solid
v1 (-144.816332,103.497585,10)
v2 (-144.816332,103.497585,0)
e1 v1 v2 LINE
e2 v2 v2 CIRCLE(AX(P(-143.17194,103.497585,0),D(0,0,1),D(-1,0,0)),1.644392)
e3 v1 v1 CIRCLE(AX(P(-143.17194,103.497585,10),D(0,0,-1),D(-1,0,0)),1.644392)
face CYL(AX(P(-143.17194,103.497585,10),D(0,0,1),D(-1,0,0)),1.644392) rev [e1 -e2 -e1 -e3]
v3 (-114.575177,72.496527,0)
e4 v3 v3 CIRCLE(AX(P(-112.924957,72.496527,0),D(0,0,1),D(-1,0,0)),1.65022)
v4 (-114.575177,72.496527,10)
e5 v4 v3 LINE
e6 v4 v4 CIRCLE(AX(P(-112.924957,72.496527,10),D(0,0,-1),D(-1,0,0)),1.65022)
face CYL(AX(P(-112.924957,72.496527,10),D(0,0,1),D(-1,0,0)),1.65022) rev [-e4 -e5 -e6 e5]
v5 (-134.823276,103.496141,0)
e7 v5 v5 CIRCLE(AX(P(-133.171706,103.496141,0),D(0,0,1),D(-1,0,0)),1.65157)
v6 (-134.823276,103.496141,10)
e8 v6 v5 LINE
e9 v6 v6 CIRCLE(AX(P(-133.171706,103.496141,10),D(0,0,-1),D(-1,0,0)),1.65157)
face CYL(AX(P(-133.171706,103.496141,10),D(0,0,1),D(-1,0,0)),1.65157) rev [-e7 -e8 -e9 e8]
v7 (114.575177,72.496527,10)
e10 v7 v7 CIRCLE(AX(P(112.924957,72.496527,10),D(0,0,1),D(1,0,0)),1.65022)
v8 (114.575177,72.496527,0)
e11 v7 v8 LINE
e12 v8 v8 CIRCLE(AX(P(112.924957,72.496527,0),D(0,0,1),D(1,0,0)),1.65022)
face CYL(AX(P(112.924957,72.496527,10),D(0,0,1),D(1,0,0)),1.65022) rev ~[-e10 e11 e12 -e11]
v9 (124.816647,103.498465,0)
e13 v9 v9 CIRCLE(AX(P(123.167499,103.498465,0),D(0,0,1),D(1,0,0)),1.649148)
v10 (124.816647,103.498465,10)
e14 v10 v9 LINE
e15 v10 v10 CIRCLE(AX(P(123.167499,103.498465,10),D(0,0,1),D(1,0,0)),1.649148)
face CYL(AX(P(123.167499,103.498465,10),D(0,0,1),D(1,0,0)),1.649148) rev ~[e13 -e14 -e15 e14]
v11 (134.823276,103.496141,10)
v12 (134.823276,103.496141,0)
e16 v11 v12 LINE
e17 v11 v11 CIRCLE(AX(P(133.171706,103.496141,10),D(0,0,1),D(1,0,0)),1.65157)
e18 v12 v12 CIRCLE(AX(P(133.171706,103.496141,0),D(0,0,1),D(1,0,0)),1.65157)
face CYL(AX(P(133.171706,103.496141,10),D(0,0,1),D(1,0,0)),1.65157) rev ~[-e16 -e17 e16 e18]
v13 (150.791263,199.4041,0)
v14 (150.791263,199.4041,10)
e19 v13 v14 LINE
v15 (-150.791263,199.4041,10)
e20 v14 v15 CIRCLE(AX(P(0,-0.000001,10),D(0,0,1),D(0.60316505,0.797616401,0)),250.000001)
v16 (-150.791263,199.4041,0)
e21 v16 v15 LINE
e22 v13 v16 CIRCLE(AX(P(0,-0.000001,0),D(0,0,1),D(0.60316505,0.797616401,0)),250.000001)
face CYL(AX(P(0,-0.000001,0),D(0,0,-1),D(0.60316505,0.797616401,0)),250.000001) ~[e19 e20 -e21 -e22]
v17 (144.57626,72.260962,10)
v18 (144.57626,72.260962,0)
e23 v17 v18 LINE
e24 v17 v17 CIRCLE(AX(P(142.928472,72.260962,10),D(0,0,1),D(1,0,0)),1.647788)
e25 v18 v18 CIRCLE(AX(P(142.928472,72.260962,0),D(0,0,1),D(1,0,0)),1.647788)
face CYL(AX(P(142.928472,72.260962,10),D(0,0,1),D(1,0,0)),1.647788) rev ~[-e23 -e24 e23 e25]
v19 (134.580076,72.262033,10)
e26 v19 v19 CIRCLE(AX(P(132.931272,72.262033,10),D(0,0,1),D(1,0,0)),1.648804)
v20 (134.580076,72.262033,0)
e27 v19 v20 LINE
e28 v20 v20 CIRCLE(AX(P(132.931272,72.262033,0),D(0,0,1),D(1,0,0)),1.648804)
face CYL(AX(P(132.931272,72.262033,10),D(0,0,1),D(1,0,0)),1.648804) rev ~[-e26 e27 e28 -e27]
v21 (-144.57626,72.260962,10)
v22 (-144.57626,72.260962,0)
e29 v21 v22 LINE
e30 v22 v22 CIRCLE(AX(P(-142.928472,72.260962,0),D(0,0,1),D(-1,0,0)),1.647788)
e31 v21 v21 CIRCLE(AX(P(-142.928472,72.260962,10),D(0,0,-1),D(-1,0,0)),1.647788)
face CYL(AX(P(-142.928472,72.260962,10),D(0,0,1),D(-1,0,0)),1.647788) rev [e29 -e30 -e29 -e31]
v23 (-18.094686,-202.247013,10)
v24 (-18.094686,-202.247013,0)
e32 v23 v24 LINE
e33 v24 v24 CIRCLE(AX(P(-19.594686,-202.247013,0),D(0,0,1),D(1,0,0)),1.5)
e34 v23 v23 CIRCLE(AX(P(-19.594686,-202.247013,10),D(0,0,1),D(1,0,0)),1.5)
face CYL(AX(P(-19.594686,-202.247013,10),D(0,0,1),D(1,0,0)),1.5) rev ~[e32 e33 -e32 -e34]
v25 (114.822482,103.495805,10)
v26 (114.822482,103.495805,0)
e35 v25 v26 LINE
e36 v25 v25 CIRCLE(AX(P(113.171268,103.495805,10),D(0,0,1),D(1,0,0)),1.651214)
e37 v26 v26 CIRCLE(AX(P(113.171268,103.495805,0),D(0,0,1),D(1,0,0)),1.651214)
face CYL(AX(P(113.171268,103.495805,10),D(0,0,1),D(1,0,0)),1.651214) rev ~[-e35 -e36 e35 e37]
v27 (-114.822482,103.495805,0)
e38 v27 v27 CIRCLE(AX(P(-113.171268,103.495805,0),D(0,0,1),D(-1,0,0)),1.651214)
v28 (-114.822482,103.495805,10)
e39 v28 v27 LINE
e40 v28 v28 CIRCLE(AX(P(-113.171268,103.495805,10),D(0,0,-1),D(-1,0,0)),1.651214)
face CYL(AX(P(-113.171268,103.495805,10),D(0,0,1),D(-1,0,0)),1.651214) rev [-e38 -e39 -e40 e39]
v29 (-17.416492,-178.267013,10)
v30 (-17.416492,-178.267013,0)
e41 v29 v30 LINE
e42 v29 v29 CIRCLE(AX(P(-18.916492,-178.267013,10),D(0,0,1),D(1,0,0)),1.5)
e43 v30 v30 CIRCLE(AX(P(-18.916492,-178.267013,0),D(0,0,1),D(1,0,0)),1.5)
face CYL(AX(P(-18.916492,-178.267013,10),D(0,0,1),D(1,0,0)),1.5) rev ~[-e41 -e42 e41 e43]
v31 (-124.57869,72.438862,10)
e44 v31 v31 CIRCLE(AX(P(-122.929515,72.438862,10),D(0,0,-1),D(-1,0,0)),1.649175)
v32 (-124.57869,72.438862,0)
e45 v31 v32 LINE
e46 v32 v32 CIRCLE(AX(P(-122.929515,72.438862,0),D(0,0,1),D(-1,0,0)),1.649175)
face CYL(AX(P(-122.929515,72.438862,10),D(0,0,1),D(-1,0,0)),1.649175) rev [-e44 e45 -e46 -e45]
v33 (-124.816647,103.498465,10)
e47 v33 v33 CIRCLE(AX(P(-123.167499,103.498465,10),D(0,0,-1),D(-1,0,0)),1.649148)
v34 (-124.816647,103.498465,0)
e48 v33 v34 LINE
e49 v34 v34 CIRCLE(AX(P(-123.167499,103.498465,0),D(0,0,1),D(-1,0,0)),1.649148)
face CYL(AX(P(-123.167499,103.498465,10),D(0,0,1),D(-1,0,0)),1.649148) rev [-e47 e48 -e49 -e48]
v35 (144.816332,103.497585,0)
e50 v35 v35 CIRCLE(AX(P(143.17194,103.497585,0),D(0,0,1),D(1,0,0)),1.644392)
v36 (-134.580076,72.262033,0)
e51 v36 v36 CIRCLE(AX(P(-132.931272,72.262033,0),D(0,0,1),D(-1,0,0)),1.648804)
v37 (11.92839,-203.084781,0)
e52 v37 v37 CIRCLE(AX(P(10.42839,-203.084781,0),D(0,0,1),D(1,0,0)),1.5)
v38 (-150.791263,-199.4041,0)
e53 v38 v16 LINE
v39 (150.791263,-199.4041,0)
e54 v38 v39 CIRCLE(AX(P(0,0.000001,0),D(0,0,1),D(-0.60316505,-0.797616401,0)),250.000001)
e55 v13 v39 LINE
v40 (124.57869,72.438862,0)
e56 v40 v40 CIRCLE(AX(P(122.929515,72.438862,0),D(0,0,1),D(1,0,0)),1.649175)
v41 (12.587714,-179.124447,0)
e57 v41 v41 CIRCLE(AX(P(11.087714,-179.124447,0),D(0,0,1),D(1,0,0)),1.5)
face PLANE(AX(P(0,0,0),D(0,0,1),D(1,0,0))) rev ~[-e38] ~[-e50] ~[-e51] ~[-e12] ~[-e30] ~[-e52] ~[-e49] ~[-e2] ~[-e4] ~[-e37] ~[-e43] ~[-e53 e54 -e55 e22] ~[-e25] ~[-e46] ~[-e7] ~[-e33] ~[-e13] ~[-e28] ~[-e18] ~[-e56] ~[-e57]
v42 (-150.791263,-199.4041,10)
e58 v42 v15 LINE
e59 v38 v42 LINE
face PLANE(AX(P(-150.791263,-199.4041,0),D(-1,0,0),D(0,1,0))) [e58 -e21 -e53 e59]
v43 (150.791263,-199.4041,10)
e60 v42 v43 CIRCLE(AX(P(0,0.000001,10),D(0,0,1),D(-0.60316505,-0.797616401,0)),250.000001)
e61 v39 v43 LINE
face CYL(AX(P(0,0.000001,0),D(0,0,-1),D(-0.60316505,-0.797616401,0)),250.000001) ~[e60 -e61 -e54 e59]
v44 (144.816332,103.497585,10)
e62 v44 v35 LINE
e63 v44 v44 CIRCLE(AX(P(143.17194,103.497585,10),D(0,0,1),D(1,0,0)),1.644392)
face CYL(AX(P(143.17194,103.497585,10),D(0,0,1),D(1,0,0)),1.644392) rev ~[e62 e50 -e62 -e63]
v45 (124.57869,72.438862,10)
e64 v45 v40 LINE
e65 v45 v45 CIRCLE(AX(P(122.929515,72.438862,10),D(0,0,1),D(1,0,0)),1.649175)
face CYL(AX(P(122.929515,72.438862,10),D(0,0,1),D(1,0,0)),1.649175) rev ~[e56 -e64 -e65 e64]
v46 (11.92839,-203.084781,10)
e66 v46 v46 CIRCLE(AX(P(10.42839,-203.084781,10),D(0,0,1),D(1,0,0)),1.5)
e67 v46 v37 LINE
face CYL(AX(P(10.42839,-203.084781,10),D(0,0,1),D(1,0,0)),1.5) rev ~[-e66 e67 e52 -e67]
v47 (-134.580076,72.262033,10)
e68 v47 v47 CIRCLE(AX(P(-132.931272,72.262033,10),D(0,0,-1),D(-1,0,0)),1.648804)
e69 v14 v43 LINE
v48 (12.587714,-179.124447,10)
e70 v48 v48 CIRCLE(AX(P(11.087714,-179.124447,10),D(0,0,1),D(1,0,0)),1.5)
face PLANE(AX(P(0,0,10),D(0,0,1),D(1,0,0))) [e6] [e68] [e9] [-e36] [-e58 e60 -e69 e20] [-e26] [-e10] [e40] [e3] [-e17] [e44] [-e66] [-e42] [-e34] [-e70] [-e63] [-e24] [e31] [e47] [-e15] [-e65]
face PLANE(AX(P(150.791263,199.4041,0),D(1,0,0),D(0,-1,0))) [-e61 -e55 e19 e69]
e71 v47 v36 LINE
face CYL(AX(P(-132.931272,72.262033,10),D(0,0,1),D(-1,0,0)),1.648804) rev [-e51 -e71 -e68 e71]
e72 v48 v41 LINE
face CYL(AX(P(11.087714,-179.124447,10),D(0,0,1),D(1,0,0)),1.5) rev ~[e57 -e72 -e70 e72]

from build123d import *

# Parameters (mm, degrees)
PAD_DEPTH       = 10
SKETCH001_R     = 1.644392
SKETCH001_R_2   = 1.65157
SKETCH001_R_3   = 1.649148
SKETCH001_R_4   = 1.651214
SKETCH001_R_5   = 1.647788
SKETCH001_R_6   = 1.648804
SKETCH001_R_7   = 1.649175
SKETCH001_R_8   = 1.65022
POCKET_DEPTH    = 1177.994185
SKETCH002_R     = 1.5
POCKET001_DEPTH = 10.001


with BuildPart() as part:
    # Sketch → Pad (new body)
    with BuildSketch(Plane.XY):
        with BuildLine():
            ThreePointArc((-150.791263, -199.4041), (0, -250), (150.791263, -199.4041))
            Line((150.791263, 199.4041), (150.791263, -199.4041))
            ThreePointArc((150.791263, 199.4041), (0, 250), (-150.791263, 199.4041))
            Line((-150.791263, -199.4041), (-150.791263, 199.4041))
        make_face()
    extrude(amount=PAD_DEPTH)

    # Sketch001 (on Face6 of Pad) → Pocket (cut, through all)
    with BuildSketch(Plane.XY.offset(10)):
        with Locations((143.17194, 103.497585)):
            Circle(SKETCH001_R)
        with Locations((133.171706, 103.496141)):
            Circle(SKETCH001_R_2)
        with Locations((123.167499, 103.498465)):
            Circle(SKETCH001_R_3)
        with Locations((113.171268, 103.495805)):
            Circle(SKETCH001_R_4)
        with Locations((142.928472, 72.260962)):
            Circle(SKETCH001_R_5)
        with Locations((132.931272, 72.262033)):
            Circle(SKETCH001_R_6)
        with Locations((122.929515, 72.438862)):
            Circle(SKETCH001_R_7)
        with Locations((112.924957, 72.496527)):
            Circle(SKETCH001_R_8)
    pocket = extrude(amount=-POCKET_DEPTH, mode=Mode.SUBTRACT)

    # Mirrored: Pocket across Sketch001 V_Axis
    add(pocket.mirror(Plane(origin=(0, 0, 10), x_dir=(0, 0, 1), z_dir=(1, 0, 0))), mode=Mode.SUBTRACT)

    # Sketch002 (on DatumPlane) → Pocket001 (cut, through all)
    with BuildSketch(Plane.XY.offset(10)):
        with Locations((-19.594686, -202.247013)):
            Circle(SKETCH002_R)
        with Locations((10.42839, -203.084781)):
            Circle(SKETCH002_R)
        with Locations((-18.916492, -178.267013)):
            Circle(SKETCH002_R)
        with Locations((11.087714, -179.124447)):
            Circle(SKETCH002_R)
    extrude(amount=-POCKET001_DEPTH, mode=Mode.SUBTRACT)


solid = part.part
